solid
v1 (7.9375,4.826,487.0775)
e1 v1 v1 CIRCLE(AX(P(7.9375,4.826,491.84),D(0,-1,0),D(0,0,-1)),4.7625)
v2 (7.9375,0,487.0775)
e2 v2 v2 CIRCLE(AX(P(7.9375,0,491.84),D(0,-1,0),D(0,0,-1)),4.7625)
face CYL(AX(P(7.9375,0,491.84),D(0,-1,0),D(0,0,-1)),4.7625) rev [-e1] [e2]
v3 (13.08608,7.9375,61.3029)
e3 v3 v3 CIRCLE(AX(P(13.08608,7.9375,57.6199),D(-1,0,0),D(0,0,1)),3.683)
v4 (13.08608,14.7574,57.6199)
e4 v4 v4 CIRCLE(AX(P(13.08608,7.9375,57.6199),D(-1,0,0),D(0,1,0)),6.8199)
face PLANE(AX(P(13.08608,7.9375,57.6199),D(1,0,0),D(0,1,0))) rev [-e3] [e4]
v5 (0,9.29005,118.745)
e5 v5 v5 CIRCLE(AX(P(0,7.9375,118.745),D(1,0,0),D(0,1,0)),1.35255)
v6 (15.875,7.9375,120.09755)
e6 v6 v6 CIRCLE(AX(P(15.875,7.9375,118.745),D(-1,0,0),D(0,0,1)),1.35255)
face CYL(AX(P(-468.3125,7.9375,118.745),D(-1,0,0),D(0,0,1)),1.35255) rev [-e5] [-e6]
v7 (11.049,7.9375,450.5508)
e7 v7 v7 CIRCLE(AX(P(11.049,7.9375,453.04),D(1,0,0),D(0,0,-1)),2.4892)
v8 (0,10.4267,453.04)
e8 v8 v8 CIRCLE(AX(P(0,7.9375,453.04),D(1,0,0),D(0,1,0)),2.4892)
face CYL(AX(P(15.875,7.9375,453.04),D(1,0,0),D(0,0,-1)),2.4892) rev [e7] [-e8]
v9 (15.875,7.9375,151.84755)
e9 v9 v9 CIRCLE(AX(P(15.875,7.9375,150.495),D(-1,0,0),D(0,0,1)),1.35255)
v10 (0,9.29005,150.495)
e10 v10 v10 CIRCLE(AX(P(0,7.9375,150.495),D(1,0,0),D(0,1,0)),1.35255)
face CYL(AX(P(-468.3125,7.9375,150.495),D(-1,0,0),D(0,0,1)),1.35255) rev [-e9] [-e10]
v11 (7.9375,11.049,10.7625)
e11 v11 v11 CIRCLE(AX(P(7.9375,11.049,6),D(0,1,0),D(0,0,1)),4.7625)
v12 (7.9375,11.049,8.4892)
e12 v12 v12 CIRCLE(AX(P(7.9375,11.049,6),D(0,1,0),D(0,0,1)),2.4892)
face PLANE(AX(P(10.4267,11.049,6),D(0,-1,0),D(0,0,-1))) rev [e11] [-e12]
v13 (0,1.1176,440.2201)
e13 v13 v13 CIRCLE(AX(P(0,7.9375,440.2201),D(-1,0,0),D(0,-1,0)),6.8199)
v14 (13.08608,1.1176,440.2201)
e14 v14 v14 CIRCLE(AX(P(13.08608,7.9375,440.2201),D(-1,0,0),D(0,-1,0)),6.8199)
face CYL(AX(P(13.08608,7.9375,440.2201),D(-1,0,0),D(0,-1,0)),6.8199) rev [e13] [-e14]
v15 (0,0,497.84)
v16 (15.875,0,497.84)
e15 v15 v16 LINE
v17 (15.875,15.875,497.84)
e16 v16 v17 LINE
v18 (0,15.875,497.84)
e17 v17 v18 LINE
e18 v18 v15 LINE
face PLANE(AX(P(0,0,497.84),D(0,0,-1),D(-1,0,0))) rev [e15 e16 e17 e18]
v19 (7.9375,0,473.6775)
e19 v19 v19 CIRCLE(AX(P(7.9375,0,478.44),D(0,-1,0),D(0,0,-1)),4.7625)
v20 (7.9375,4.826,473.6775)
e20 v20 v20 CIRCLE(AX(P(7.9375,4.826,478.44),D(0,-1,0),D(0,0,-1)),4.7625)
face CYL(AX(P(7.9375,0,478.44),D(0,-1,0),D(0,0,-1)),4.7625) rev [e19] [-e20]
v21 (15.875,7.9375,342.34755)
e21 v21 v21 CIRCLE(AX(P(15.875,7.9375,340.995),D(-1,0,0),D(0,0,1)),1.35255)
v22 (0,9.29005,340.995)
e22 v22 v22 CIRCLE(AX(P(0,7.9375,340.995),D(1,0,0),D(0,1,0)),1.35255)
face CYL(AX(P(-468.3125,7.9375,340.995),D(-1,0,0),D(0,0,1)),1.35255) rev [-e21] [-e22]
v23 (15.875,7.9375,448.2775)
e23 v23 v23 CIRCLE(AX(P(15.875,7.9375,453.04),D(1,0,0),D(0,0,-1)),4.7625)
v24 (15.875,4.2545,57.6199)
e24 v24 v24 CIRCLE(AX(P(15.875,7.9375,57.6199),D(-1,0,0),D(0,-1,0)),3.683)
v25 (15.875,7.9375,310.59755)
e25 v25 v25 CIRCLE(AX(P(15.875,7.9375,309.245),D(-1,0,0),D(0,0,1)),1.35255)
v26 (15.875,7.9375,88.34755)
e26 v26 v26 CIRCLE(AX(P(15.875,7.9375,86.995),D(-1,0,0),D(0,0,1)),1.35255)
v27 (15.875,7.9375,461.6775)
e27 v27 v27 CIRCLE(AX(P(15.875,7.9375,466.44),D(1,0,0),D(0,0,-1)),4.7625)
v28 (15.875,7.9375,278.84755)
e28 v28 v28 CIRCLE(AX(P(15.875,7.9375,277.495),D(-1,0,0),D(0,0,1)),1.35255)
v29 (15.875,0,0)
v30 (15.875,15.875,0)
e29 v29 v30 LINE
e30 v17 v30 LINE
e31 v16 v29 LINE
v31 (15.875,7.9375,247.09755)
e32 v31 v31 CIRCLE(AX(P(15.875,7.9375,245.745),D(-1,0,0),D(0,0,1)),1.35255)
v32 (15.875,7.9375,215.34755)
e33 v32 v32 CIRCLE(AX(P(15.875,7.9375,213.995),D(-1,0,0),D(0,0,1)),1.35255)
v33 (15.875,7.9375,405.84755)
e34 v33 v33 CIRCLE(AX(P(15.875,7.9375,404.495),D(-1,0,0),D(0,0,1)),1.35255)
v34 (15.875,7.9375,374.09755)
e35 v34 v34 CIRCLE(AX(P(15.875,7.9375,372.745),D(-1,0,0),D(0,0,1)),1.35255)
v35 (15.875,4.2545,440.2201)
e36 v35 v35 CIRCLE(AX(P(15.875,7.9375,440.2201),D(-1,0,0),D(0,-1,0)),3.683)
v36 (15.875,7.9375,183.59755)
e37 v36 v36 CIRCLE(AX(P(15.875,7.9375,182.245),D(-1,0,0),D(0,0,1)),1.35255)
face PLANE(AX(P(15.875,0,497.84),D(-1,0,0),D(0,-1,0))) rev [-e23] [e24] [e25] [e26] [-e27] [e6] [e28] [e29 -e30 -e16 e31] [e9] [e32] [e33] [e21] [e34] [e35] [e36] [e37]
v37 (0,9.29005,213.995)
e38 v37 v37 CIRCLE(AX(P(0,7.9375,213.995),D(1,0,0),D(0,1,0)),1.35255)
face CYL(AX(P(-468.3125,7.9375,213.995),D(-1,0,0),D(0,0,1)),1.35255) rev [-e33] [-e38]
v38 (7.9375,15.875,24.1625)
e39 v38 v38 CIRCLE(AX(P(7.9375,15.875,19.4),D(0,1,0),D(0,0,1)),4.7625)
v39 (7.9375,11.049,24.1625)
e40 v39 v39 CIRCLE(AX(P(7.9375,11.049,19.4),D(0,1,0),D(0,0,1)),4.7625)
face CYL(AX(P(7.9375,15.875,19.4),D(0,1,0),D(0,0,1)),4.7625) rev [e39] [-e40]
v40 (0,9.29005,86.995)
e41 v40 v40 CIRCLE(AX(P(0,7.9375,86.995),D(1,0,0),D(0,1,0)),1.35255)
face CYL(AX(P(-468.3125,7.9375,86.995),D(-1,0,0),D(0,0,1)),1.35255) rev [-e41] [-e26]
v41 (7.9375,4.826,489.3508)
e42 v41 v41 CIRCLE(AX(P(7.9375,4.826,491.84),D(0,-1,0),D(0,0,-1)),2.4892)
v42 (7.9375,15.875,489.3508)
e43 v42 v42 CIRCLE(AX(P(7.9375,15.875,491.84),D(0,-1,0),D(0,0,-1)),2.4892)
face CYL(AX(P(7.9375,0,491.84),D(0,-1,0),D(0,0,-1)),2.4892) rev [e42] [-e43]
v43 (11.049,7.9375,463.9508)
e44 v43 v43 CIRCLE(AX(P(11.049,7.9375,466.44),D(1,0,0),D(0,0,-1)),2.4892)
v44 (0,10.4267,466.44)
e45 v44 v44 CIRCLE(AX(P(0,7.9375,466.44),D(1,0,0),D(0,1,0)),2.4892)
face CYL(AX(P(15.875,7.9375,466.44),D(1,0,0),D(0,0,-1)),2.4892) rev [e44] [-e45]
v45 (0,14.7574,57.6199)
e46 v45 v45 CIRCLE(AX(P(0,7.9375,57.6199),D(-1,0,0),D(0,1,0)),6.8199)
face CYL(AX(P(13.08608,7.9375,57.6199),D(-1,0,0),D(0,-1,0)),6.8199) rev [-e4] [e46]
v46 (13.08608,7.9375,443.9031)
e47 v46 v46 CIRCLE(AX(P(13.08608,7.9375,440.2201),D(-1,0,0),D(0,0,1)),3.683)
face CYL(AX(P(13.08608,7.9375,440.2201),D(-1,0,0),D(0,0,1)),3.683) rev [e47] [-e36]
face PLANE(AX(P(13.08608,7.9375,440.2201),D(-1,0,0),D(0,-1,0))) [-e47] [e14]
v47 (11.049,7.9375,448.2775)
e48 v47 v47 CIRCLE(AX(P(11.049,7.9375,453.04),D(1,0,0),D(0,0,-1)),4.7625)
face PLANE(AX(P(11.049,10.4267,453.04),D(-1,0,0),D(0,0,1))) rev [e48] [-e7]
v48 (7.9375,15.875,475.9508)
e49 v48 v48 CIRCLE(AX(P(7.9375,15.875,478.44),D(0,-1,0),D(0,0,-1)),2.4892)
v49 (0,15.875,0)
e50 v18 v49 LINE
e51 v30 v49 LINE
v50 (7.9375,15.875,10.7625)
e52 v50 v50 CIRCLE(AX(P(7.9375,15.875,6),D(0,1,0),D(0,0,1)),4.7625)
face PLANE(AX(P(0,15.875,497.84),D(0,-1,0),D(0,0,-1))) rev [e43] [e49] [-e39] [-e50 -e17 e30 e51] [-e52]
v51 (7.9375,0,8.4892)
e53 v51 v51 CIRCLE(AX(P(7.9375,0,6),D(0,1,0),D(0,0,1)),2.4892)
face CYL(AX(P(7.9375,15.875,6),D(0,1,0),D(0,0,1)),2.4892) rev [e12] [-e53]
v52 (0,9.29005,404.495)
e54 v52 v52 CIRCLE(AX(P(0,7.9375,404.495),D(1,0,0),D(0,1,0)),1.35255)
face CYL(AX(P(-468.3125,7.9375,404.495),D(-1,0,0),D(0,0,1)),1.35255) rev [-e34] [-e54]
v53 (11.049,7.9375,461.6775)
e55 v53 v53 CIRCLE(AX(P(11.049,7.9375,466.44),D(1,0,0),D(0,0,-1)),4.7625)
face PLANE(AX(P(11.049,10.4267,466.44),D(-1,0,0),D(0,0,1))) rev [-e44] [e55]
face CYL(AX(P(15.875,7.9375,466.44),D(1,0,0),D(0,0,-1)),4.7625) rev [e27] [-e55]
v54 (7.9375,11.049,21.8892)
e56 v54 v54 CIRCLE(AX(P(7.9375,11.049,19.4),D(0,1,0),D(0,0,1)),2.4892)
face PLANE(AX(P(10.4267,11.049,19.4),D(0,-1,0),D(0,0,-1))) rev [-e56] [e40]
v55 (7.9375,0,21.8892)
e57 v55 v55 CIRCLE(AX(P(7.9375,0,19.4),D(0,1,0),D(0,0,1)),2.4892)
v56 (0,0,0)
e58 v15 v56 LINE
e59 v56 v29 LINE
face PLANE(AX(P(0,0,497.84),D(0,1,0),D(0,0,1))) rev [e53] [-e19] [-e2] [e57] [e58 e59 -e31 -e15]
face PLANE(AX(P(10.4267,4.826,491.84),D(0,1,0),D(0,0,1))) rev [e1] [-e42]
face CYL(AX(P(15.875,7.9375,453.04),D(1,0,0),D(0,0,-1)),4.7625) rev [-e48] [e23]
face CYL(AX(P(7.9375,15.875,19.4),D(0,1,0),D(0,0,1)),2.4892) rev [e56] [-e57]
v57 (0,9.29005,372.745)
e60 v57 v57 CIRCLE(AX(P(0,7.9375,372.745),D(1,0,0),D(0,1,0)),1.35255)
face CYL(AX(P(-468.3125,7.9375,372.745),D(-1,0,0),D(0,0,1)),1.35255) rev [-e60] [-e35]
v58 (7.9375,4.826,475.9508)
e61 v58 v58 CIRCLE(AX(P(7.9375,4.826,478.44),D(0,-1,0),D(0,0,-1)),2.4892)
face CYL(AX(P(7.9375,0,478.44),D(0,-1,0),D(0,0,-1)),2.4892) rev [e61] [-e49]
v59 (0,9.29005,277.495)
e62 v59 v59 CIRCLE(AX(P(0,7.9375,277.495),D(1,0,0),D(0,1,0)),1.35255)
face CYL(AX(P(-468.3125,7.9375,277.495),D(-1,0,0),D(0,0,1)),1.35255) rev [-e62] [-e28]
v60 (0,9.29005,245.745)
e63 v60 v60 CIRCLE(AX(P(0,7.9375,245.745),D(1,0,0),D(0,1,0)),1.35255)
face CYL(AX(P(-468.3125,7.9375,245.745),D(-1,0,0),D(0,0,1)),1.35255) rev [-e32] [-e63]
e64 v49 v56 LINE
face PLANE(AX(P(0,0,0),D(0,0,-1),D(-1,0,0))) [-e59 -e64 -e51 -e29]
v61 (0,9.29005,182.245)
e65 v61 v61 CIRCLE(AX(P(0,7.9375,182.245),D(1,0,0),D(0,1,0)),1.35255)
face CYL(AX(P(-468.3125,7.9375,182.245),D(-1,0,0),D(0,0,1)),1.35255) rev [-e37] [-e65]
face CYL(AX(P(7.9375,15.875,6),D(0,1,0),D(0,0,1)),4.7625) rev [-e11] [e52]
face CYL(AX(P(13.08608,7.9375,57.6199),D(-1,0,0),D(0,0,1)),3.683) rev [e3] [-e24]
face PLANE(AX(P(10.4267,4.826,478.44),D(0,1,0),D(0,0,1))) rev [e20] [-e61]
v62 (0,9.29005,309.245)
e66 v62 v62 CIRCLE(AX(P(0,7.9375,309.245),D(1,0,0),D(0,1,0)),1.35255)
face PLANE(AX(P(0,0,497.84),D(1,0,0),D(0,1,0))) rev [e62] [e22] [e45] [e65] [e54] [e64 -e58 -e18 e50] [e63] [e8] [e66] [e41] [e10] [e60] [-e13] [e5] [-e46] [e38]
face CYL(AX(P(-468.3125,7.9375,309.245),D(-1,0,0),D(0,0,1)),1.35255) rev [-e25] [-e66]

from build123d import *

# Parameters (mm, degrees)
SKETCH1_W                                       = 15.875
SKETCH1_H                                       = 15.875
BOSS_EXTRUDE1_DEPTH                             = 497.84
SKETCH8_R                                       = 6.8199
CUT_EXTRUDE1_DEPTH                              = 13.08608
L_0_29_DIAMETER_HOLE1_D                         = 7.366
L_0_29_DIAMETER_HOLE1_DEPTH                     = 50.8
L_0_29_DIAMETER_HOLE1_TIP                       = 2.21296966
TAP_DRILL_FOR_6_32_TAP1_D                       = 2.7051
CBORE_FOR_10_SOCKET_HEAD_CAP_SCREW3_D           = 4.9784
CBORE_FOR_10_SOCKET_HEAD_CAP_SCREW3_DEPTH       = 25.4
CBORE_FOR_10_SOCKET_HEAD_CAP_SCREW3_CBORE_D     = 9.525
CBORE_FOR_10_SOCKET_HEAD_CAP_SCREW3_CBORE_DEPTH = 4.826
CBORE_FOR_10_SOCKET_HEAD_CAP_SCREW3_TIP         = 1.495662253
CBORE_FOR_10_SOCKET_HEAD_CAP_SCREW2_D           = 4.9784
CBORE_FOR_10_SOCKET_HEAD_CAP_SCREW2_DEPTH       = 25.4
CBORE_FOR_10_SOCKET_HEAD_CAP_SCREW2_CBORE_D     = 9.525
CBORE_FOR_10_SOCKET_HEAD_CAP_SCREW2_CBORE_DEPTH = 4.826
CBORE_FOR_10_SOCKET_HEAD_CAP_SCREW2_TIP         = 1.495662253
CBORE_FOR_10_SOCKET_HEAD_CAP_SCREW1_D           = 4.9784
CBORE_FOR_10_SOCKET_HEAD_CAP_SCREW1_DEPTH       = 25.4
CBORE_FOR_10_SOCKET_HEAD_CAP_SCREW1_CBORE_D     = 9.525
CBORE_FOR_10_SOCKET_HEAD_CAP_SCREW1_CBORE_DEPTH = 4.826
CBORE_FOR_10_SOCKET_HEAD_CAP_SCREW1_TIP         = 1.495662253


with BuildPart() as part:
    # Sketch1 → Boss-Extrude1 (new body)
    with BuildSketch(Plane.XY):
        with Locations((7.9375, 7.9375)):
            Rectangle(SKETCH1_W, SKETCH1_H)
    extrude(amount=BOSS_EXTRUDE1_DEPTH)

    # Sketch8 → Cut-Extrude1 (cut)
    with BuildSketch(Plane.ZY):
        with Locations((440.2201, 7.9375)):
            Circle(SKETCH8_R)
        with Locations((57.6199, 7.9375)):
            Circle(SKETCH8_R)
    extrude(amount=-CUT_EXTRUDE1_DEPTH, mode=Mode.SUBTRACT)

    # L (0.29) Diameter Hole1
    with Locations(Plane.ZY.offset(-13.08608)):
        with Locations((57.6199, 7.9375), (440.2201, 7.9375)):
            Hole(L_0_29_DIAMETER_HOLE1_D / 2, depth=L_0_29_DIAMETER_HOLE1_DEPTH)
            with Locations((0, 0, -(L_0_29_DIAMETER_HOLE1_DEPTH + L_0_29_DIAMETER_HOLE1_TIP / 2))):  # 118° drill point
                Cone(0, L_0_29_DIAMETER_HOLE1_D / 2, L_0_29_DIAMETER_HOLE1_TIP, mode=Mode.SUBTRACT)

    # Tap Drill for #6-32 Tap1 (through all)
    with Locations(Plane(origin=(-468.3125, 1840.244207037, -1707.973131805), x_dir=(0, 0, -1), z_dir=(-1, 0, 0))):
        with Locations((-2112.468131805, 1832.306707037), (-2080.718131805, 1832.306707037), (-2048.968131805, 1832.306707037), (-2017.218131805, 1832.306707037), (-1985.468131805, 1832.306707037), (-1953.718131805, 1832.306707037), (-1921.968131805, 1832.306707037), (-1890.218131805, 1832.306707037), (-1858.468131805, 1832.306707037), (-1826.718131805, 1832.306707037), (-1794.968131805, 1832.306707037)):
            Hole(TAP_DRILL_FOR_6_32_TAP1_D / 2)

    # CBORE for #10 Socket Head Cap Screw3
    with Locations(Plane(origin=(412.874136144, 0, -1707.973131805), x_dir=(-1, 0, 0), z_dir=(0, -1, 0))):
        with Locations((871.661636144, -2186.413131805), (871.661636144, -2199.813131805), (404.936636144, -2186.413131805), (404.936636144, -2199.813131805)):
            CounterBoreHole(CBORE_FOR_10_SOCKET_HEAD_CAP_SCREW3_D / 2, CBORE_FOR_10_SOCKET_HEAD_CAP_SCREW3_CBORE_D / 2, CBORE_FOR_10_SOCKET_HEAD_CAP_SCREW3_CBORE_DEPTH, depth=CBORE_FOR_10_SOCKET_HEAD_CAP_SCREW3_DEPTH)
            with Locations((0, 0, -(CBORE_FOR_10_SOCKET_HEAD_CAP_SCREW3_DEPTH + CBORE_FOR_10_SOCKET_HEAD_CAP_SCREW3_TIP / 2))):  # 118° drill point
                Cone(0, CBORE_FOR_10_SOCKET_HEAD_CAP_SCREW3_D / 2, CBORE_FOR_10_SOCKET_HEAD_CAP_SCREW3_TIP, mode=Mode.SUBTRACT)

    # CBORE for #10 Socket Head Cap Screw2
    with Locations(Plane(origin=(412.874136144, 15.875, -1707.973131805), x_dir=(1, 0, 0), z_dir=(0, 1, 0))):
        with Locations((-404.936636144, -1727.373131805), (-404.936636144, -1713.973131805), (-871.661636144, -1727.373131805), (-871.661636144, -1713.973131805)):
            CounterBoreHole(CBORE_FOR_10_SOCKET_HEAD_CAP_SCREW2_D / 2, CBORE_FOR_10_SOCKET_HEAD_CAP_SCREW2_CBORE_D / 2, CBORE_FOR_10_SOCKET_HEAD_CAP_SCREW2_CBORE_DEPTH, depth=CBORE_FOR_10_SOCKET_HEAD_CAP_SCREW2_DEPTH)
            with Locations((0, 0, -(CBORE_FOR_10_SOCKET_HEAD_CAP_SCREW2_DEPTH + CBORE_FOR_10_SOCKET_HEAD_CAP_SCREW2_TIP / 2))):  # 118° drill point
                Cone(0, CBORE_FOR_10_SOCKET_HEAD_CAP_SCREW2_D / 2, CBORE_FOR_10_SOCKET_HEAD_CAP_SCREW2_TIP, mode=Mode.SUBTRACT)

    # CBORE for #10 Socket Head Cap Screw1
    with Locations(Plane(origin=(15.875, 1702.05448625, -1707.973131805), x_dir=(0, 0, 1), z_dir=(1, 0, 0))):
        with Locations((2161.013131805, 1694.11698625), (2174.413131805, 1694.11698625)):
            CounterBoreHole(CBORE_FOR_10_SOCKET_HEAD_CAP_SCREW1_D / 2, CBORE_FOR_10_SOCKET_HEAD_CAP_SCREW1_CBORE_D / 2, CBORE_FOR_10_SOCKET_HEAD_CAP_SCREW1_CBORE_DEPTH, depth=CBORE_FOR_10_SOCKET_HEAD_CAP_SCREW1_DEPTH)
            with Locations((0, 0, -(CBORE_FOR_10_SOCKET_HEAD_CAP_SCREW1_DEPTH + CBORE_FOR_10_SOCKET_HEAD_CAP_SCREW1_TIP / 2))):  # 118° drill point
                Cone(0, CBORE_FOR_10_SOCKET_HEAD_CAP_SCREW1_D / 2, CBORE_FOR_10_SOCKET_HEAD_CAP_SCREW1_TIP, mode=Mode.SUBTRACT)


solid = part.part
